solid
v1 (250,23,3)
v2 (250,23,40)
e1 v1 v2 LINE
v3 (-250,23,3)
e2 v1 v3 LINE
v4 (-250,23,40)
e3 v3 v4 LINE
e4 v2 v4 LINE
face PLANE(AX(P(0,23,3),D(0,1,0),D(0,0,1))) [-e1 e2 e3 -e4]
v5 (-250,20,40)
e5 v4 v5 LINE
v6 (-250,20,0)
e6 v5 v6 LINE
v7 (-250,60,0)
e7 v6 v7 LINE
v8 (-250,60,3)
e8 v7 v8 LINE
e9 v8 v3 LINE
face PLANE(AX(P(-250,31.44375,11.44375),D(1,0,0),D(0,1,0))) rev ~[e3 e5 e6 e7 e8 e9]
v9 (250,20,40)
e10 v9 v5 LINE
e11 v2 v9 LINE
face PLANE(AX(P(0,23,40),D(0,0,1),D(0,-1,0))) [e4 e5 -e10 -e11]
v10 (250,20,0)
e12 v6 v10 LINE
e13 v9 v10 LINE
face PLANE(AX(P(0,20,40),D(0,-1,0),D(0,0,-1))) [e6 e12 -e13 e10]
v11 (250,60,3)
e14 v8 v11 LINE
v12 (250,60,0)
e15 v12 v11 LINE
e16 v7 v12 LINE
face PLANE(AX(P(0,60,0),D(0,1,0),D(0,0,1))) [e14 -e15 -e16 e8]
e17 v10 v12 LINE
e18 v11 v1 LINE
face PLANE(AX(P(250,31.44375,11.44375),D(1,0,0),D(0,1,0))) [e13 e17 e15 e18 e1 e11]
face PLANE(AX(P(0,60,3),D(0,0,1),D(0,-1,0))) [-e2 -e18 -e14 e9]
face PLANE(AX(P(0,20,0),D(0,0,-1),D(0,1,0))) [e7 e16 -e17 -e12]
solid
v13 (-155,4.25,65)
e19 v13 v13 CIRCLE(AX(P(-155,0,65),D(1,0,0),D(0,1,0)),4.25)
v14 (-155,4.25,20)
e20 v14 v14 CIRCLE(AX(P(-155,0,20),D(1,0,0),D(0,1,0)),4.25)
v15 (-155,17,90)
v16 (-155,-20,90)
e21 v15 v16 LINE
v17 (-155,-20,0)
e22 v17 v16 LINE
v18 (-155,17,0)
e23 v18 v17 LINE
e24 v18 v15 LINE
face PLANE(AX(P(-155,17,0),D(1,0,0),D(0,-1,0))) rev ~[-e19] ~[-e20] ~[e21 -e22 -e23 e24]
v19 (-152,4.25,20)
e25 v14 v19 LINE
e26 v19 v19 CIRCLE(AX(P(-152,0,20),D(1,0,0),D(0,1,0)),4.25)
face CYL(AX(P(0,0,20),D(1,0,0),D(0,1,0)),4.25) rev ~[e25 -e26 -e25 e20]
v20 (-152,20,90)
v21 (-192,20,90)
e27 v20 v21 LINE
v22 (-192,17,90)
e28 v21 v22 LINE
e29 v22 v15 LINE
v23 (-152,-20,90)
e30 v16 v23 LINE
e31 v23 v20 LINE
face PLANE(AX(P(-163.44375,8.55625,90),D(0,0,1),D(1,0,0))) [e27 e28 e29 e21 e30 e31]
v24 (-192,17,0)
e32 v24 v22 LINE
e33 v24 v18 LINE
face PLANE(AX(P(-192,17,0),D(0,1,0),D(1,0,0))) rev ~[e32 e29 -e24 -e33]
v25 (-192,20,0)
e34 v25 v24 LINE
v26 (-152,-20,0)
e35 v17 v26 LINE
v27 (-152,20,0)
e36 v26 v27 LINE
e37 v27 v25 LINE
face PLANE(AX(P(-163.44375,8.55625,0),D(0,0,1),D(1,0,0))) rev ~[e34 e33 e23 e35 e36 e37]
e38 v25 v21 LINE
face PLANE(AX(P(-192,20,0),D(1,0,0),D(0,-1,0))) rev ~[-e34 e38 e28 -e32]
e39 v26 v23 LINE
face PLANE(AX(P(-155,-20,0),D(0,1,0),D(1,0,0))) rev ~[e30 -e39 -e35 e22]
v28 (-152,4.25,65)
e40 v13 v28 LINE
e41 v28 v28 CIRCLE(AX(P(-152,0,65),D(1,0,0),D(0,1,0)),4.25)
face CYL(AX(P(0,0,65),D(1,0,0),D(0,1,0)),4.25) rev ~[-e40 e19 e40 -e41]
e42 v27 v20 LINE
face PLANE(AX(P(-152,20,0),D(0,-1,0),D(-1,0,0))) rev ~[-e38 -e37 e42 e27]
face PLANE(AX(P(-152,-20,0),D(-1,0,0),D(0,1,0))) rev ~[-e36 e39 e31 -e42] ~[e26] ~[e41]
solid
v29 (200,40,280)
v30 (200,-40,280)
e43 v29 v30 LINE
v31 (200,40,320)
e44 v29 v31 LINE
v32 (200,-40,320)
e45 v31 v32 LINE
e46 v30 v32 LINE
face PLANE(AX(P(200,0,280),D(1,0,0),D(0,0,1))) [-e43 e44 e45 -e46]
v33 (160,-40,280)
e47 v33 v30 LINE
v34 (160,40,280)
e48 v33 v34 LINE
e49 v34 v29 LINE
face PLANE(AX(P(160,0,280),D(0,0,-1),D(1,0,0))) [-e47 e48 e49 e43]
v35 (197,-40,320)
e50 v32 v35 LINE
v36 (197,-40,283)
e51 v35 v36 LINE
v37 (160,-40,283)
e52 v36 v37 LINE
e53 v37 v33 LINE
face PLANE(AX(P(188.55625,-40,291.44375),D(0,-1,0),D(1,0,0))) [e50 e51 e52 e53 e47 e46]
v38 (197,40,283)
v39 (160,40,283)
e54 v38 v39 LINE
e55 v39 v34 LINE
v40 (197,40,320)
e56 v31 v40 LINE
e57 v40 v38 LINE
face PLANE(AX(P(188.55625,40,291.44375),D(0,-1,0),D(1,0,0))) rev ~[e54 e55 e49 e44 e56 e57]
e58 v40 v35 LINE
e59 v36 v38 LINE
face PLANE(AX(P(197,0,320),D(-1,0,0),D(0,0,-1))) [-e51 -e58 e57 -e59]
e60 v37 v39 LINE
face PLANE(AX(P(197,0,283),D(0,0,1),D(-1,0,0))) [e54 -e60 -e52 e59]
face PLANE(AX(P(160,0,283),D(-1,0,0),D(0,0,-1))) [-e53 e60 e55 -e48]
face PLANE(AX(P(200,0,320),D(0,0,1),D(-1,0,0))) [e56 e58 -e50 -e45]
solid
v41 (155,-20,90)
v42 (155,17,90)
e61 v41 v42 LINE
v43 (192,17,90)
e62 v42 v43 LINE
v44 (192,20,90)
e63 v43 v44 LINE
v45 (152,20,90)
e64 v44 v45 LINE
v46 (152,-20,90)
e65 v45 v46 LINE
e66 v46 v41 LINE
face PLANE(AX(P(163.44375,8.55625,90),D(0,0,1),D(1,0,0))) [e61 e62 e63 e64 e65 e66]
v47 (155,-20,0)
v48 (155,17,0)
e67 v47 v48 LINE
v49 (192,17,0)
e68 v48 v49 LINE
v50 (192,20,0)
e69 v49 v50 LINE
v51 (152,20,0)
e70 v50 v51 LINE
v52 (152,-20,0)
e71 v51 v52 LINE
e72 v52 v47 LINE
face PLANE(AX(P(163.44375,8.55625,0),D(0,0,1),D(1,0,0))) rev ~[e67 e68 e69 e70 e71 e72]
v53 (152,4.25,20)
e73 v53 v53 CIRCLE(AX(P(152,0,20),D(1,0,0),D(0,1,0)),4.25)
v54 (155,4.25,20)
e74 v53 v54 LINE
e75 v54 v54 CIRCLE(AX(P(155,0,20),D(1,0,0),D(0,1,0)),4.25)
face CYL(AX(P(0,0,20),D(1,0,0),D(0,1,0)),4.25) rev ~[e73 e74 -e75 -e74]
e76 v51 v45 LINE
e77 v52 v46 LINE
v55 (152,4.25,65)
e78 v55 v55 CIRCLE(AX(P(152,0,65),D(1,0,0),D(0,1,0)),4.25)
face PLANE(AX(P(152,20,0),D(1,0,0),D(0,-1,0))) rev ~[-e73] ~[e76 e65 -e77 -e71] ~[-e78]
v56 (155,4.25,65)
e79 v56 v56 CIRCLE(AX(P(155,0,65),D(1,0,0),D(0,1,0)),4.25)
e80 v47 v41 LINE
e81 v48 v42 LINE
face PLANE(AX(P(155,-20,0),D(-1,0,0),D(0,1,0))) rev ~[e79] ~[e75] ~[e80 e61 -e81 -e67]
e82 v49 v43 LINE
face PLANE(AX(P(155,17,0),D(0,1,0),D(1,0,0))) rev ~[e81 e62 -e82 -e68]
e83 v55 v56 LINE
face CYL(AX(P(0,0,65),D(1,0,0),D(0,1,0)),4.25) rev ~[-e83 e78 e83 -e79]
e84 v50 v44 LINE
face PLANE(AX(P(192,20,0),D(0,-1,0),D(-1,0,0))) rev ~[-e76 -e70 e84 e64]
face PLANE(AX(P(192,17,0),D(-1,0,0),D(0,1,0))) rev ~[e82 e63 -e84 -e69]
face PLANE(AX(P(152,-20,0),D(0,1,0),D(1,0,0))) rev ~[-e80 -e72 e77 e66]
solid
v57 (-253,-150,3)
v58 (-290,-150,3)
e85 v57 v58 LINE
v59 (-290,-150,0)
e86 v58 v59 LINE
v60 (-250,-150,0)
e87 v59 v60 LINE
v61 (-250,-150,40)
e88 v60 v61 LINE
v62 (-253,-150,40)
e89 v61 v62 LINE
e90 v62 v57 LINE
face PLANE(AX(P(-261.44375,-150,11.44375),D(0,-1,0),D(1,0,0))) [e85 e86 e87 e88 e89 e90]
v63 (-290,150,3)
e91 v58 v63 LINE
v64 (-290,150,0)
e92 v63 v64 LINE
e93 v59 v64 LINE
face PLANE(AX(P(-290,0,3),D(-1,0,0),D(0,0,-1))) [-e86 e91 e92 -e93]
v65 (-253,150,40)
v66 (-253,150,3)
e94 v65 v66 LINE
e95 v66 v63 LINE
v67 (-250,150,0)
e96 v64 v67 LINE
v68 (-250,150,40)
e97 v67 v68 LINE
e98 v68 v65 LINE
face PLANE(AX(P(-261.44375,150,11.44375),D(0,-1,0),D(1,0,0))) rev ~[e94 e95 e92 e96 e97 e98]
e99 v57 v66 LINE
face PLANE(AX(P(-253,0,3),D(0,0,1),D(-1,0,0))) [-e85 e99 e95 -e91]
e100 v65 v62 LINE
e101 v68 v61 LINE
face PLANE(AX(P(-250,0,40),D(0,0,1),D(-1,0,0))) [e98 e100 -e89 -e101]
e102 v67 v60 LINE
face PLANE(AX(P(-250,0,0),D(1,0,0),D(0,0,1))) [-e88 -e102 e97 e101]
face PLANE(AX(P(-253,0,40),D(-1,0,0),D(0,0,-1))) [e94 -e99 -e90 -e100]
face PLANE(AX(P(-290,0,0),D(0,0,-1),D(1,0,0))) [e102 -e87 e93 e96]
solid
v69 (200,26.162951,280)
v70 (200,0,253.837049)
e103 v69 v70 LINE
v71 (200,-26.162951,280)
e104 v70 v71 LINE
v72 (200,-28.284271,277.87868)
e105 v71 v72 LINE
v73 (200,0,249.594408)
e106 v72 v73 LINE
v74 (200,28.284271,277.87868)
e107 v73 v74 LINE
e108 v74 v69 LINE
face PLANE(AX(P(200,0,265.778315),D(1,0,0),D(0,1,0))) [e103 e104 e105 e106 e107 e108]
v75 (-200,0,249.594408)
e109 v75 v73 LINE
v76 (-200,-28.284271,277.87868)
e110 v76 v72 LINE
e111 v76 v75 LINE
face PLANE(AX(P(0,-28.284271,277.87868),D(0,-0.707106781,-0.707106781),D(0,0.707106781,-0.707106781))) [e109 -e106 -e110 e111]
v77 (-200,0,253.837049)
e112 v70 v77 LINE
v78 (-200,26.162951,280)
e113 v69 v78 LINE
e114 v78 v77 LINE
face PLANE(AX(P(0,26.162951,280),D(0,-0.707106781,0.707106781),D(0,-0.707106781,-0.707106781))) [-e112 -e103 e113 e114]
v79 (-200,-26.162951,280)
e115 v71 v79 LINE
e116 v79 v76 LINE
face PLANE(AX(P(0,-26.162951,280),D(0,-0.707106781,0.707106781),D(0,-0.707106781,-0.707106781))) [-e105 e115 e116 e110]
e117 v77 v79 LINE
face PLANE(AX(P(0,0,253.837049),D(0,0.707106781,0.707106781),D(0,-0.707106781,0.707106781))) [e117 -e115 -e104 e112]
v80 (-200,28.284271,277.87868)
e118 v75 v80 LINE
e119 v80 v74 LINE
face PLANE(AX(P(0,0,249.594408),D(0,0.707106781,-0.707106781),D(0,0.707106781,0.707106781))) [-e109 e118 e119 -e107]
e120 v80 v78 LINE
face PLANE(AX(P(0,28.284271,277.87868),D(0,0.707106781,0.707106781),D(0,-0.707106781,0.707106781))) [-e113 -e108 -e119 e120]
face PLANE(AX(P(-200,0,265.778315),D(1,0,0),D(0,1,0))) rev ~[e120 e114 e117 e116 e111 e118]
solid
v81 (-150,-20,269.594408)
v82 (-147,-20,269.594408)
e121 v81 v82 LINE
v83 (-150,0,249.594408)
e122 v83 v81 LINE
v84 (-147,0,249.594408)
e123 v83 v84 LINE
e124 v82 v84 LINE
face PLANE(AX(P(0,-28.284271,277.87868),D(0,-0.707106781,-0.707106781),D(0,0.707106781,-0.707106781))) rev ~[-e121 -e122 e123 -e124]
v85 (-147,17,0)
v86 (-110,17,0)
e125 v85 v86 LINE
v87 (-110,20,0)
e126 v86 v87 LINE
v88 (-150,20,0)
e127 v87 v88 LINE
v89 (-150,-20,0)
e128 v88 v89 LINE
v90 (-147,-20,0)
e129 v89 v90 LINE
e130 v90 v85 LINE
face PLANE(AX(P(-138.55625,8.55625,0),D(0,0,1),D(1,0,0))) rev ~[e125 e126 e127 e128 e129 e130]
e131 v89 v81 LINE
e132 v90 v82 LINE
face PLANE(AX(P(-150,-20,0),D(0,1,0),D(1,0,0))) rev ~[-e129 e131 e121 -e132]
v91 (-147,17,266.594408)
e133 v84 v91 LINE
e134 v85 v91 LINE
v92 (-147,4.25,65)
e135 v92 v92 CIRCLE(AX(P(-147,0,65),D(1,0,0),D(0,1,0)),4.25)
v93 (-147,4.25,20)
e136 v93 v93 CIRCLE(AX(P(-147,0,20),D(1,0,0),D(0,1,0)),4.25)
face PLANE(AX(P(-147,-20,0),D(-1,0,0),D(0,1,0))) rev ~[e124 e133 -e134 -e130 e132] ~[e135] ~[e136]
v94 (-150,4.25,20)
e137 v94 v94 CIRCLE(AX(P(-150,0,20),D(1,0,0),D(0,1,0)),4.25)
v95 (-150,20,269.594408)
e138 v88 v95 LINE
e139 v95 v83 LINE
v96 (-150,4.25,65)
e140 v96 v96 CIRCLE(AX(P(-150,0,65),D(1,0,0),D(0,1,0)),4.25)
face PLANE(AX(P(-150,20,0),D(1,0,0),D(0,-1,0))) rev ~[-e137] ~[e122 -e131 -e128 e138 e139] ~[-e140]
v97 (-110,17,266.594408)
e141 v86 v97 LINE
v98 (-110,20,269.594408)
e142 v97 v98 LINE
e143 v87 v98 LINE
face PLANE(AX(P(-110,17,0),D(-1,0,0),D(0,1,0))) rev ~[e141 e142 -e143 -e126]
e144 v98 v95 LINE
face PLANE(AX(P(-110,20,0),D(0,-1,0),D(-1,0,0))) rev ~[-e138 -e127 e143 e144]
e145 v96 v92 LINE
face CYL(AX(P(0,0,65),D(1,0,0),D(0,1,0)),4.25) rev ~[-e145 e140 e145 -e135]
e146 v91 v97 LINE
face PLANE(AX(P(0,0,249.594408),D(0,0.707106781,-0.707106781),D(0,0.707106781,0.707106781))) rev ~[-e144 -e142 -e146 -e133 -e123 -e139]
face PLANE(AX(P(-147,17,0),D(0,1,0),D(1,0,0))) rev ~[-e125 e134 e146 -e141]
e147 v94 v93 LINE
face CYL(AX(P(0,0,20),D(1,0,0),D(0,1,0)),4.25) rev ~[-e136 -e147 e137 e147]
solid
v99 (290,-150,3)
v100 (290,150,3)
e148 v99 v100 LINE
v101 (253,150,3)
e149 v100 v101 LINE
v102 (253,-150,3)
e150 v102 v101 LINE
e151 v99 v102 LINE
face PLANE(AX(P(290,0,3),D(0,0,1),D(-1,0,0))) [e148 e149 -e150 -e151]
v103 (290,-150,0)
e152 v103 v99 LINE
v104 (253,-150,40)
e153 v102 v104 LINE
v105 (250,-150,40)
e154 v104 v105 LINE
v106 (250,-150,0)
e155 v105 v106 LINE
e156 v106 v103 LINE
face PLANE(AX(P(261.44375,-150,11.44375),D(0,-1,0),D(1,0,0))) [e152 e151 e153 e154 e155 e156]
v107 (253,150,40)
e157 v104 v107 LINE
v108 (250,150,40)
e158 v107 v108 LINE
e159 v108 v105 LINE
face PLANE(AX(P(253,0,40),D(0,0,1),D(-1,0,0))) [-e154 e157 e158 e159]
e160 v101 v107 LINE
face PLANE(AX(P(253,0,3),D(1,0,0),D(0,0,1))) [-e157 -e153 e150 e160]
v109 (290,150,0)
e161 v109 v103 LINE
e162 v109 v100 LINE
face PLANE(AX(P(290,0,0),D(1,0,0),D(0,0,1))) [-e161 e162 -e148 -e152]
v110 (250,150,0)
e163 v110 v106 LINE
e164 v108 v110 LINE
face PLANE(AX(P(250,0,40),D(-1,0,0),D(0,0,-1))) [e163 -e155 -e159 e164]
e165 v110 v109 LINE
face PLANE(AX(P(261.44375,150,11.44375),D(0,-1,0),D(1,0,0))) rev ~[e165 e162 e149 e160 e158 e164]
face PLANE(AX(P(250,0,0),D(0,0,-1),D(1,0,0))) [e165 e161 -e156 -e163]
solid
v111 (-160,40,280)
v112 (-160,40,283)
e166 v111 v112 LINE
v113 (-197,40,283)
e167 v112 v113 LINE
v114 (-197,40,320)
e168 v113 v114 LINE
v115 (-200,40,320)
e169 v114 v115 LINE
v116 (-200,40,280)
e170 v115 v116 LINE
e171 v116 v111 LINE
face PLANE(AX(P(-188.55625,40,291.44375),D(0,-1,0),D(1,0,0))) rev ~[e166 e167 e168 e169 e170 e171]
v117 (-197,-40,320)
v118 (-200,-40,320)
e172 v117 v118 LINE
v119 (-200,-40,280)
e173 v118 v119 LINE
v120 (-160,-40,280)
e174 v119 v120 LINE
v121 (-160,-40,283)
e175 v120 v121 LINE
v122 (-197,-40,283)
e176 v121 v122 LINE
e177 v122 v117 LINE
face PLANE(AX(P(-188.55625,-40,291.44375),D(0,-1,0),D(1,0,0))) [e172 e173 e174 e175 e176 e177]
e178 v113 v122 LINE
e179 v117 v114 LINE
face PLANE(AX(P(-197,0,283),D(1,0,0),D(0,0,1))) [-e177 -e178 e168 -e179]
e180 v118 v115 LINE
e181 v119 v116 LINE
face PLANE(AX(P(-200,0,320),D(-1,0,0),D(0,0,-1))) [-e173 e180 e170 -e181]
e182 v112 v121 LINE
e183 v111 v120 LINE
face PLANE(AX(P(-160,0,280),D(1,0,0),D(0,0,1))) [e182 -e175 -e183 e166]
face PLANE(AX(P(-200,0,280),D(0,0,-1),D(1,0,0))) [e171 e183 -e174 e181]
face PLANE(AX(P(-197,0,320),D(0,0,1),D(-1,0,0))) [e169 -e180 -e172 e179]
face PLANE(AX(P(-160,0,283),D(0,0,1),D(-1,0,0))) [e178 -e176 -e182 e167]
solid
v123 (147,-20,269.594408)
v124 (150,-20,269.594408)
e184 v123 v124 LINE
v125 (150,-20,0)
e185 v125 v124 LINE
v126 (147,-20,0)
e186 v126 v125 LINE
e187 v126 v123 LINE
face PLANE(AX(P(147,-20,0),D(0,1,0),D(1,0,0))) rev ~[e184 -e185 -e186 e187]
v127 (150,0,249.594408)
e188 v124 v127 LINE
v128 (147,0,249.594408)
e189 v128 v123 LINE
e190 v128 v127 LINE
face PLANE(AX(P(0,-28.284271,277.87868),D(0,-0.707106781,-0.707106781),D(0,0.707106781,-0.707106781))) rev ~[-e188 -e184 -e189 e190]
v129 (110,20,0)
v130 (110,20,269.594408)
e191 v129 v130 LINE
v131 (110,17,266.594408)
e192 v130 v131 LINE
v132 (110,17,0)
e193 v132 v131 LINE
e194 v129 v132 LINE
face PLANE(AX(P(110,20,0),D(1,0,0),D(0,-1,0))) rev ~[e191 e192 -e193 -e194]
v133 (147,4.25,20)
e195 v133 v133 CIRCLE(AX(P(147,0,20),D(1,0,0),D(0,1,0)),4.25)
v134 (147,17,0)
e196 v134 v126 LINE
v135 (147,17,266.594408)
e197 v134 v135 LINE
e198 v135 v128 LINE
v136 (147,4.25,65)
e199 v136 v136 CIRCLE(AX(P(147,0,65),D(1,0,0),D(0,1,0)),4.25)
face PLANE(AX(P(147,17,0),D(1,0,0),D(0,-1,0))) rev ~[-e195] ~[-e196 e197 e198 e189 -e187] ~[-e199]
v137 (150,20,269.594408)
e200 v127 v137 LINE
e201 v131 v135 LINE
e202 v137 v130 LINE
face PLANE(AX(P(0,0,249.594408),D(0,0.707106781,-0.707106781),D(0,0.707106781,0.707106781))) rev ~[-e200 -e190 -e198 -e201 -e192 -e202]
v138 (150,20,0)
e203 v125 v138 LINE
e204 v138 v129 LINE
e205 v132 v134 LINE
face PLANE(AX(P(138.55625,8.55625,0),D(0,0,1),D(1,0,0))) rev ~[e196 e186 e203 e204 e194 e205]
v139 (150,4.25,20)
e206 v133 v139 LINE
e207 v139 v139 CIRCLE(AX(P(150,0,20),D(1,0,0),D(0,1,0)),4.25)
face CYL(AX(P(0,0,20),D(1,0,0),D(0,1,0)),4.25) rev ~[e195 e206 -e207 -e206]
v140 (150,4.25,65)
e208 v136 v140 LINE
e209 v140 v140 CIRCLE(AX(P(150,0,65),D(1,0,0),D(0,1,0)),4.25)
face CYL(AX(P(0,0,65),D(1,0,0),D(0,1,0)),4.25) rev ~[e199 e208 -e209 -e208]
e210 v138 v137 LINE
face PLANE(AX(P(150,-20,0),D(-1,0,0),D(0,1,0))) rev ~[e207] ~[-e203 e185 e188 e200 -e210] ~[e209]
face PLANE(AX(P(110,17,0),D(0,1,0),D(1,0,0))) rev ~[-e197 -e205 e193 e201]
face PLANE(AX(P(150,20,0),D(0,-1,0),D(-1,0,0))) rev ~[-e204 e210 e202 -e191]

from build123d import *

# Parameters (mm, degrees)
F1_DEPTH       = 200
F1_DEPTH_BACK  = 200
F3_DEPTH       = 40
F3_DEPTH_BACK  = 40
F7_DEPTH       = 250
F7_DEPTH_BACK  = 250
F9_DEPTH       = 150
F9_DEPTH_BACK  = 150
F11_DEPTH      = 90
F12_R          = 4.25
F13_DEPTH      = 155
F13_DEPTH_BACK = 155


with BuildPart() as f1:
    # F0 (on Right) → F1 (new body, two sides)
    with BuildSketch(Plane.YZ) as f1_sk:
        Polygon((-26.1629509039, 280), (-28.2842712475, 277.8786796564), (0, 249.594408409), (28.2842712475, 277.8786796564), (26.1629509039, 280), (0, 253.8370490961), align=None)
    extrude(amount=F1_DEPTH)
    extrude(f1_sk.sketch, amount=-F1_DEPTH_BACK)


with BuildPart() as f3:
    # F2 (on Front) → F3 (new body, two sides)
    with BuildSketch(Plane.XZ) as f3_sk:
        Polygon((-200, 280), (-160, 280), (-160, 283), (-197, 283), (-197, 320), (-200, 320), align=None)
    extrude(amount=F3_DEPTH)
    extrude(f3_sk.sketch, amount=-F3_DEPTH_BACK)


with BuildPart() as f3b:
    # F2 (on Front) → F3, piece 2 (new body, two sides)
    with BuildSketch(Plane.XZ) as f3_2_sk:
        Polygon((160, 280), (200, 280), (200, 320), (197, 320), (197, 283), (160, 283), align=None)
    extrude(amount=F3_DEPTH)
    extrude(f3_2_sk.sketch, amount=-F3_DEPTH_BACK)


with BuildPart() as f5:
    # F4 (on Top) → F5 (new body, up to the next surface of F1)
    with BuildSketch(Plane.XY):
        Polygon((-150, 20), (-150, -20), (-147, -20), (-147, 17), (-110, 17), (-110, 20), align=None)
    extrude(until=Until.NEXT, target=f1.part)


with BuildPart() as f5b:
    # F4 (on Top) → F5, piece 2 (new body, up to the next surface of F1)
    with BuildSketch(Plane.XY):
        Polygon((150, 20), (110, 20), (110, 17), (147, 17), (147, -20), (150, -20), align=None)
    extrude(until=Until.NEXT, target=f1.part)


with BuildPart() as f7:
    # F6 (on Right) → F7 (new body, two sides)
    with BuildSketch(Plane.YZ) as f7_sk:
        Polygon((20, 40), (20, 0), (60, 0), (60, 3), (23, 3), (23, 40), align=None)
    extrude(amount=F7_DEPTH)
    extrude(f7_sk.sketch, amount=-F7_DEPTH_BACK)


with BuildPart() as f9:
    # F8 (on Front) → F9 (new body, two sides)
    with BuildSketch(Plane.XZ) as f9_sk:
        Polygon((-290, 0), (-250, 0), (-250, 40), (-253, 40), (-253, 3), (-290, 3), align=None)
    extrude(amount=F9_DEPTH)
    extrude(f9_sk.sketch, amount=-F9_DEPTH_BACK)


with BuildPart() as f9b:
    # F8 (on Front) → F9, piece 2 (new body, two sides)
    with BuildSketch(Plane.XZ) as f9_2_sk:
        Polygon((253, 40), (250, 40), (250, 0), (290, 0), (290, 3), (253, 3), align=None)
    extrude(amount=F9_DEPTH)
    extrude(f9_2_sk.sketch, amount=-F9_DEPTH_BACK)


with BuildPart() as f11:
    # F10 (on Top) → F11 (new body)
    with BuildSketch(Plane.XY):
        Polygon((-155, -20), (-152, -20), (-152, 20), (-192, 20), (-192, 17), (-155, 17), align=None)
    extrude(amount=F11_DEPTH)


with BuildPart() as f11b:
    # F10 (on Top) → F11, piece 2 (new body)
    with BuildSketch(Plane.XY):
        Polygon((192, 17), (192, 20), (152, 20), (152, -20), (155, -20), (155, 17), align=None)
    extrude(amount=F11_DEPTH)


with BuildPart() as f13_tool:
    # F12 (on Right) → F13 (new body, two sides)
    with BuildSketch(Plane.YZ) as f13_sk:
        with Locations((0, 65)):
            Circle(F12_R)
        with Locations((0, 20)):
            Circle(F12_R)
    extrude(amount=F13_DEPTH)
    extrude(f13_sk.sketch, amount=-F13_DEPTH_BACK)


with BuildPart() as f5_1:
    add(f5.part)

    # F13: cut by f13_tool
    add(f13_tool.part, mode=Mode.SUBTRACT)


with BuildPart() as f5b_1:
    add(f5b.part)

    # F13: cut by f13_tool
    add(f13_tool.part, mode=Mode.SUBTRACT)


with BuildPart() as f11_1:
    add(f11.part)

    # F13: cut by f13_tool
    add(f13_tool.part, mode=Mode.SUBTRACT)


with BuildPart() as f11b_1:
    add(f11b.part)

    # F13: cut by f13_tool
    add(f13_tool.part, mode=Mode.SUBTRACT)


solid = Compound([f1.part, f3.part, f3b.part, f7.part, f9.part, f9b.part, f5_1.part, f5b_1.part, f11_1.part, f11b_1.part])
